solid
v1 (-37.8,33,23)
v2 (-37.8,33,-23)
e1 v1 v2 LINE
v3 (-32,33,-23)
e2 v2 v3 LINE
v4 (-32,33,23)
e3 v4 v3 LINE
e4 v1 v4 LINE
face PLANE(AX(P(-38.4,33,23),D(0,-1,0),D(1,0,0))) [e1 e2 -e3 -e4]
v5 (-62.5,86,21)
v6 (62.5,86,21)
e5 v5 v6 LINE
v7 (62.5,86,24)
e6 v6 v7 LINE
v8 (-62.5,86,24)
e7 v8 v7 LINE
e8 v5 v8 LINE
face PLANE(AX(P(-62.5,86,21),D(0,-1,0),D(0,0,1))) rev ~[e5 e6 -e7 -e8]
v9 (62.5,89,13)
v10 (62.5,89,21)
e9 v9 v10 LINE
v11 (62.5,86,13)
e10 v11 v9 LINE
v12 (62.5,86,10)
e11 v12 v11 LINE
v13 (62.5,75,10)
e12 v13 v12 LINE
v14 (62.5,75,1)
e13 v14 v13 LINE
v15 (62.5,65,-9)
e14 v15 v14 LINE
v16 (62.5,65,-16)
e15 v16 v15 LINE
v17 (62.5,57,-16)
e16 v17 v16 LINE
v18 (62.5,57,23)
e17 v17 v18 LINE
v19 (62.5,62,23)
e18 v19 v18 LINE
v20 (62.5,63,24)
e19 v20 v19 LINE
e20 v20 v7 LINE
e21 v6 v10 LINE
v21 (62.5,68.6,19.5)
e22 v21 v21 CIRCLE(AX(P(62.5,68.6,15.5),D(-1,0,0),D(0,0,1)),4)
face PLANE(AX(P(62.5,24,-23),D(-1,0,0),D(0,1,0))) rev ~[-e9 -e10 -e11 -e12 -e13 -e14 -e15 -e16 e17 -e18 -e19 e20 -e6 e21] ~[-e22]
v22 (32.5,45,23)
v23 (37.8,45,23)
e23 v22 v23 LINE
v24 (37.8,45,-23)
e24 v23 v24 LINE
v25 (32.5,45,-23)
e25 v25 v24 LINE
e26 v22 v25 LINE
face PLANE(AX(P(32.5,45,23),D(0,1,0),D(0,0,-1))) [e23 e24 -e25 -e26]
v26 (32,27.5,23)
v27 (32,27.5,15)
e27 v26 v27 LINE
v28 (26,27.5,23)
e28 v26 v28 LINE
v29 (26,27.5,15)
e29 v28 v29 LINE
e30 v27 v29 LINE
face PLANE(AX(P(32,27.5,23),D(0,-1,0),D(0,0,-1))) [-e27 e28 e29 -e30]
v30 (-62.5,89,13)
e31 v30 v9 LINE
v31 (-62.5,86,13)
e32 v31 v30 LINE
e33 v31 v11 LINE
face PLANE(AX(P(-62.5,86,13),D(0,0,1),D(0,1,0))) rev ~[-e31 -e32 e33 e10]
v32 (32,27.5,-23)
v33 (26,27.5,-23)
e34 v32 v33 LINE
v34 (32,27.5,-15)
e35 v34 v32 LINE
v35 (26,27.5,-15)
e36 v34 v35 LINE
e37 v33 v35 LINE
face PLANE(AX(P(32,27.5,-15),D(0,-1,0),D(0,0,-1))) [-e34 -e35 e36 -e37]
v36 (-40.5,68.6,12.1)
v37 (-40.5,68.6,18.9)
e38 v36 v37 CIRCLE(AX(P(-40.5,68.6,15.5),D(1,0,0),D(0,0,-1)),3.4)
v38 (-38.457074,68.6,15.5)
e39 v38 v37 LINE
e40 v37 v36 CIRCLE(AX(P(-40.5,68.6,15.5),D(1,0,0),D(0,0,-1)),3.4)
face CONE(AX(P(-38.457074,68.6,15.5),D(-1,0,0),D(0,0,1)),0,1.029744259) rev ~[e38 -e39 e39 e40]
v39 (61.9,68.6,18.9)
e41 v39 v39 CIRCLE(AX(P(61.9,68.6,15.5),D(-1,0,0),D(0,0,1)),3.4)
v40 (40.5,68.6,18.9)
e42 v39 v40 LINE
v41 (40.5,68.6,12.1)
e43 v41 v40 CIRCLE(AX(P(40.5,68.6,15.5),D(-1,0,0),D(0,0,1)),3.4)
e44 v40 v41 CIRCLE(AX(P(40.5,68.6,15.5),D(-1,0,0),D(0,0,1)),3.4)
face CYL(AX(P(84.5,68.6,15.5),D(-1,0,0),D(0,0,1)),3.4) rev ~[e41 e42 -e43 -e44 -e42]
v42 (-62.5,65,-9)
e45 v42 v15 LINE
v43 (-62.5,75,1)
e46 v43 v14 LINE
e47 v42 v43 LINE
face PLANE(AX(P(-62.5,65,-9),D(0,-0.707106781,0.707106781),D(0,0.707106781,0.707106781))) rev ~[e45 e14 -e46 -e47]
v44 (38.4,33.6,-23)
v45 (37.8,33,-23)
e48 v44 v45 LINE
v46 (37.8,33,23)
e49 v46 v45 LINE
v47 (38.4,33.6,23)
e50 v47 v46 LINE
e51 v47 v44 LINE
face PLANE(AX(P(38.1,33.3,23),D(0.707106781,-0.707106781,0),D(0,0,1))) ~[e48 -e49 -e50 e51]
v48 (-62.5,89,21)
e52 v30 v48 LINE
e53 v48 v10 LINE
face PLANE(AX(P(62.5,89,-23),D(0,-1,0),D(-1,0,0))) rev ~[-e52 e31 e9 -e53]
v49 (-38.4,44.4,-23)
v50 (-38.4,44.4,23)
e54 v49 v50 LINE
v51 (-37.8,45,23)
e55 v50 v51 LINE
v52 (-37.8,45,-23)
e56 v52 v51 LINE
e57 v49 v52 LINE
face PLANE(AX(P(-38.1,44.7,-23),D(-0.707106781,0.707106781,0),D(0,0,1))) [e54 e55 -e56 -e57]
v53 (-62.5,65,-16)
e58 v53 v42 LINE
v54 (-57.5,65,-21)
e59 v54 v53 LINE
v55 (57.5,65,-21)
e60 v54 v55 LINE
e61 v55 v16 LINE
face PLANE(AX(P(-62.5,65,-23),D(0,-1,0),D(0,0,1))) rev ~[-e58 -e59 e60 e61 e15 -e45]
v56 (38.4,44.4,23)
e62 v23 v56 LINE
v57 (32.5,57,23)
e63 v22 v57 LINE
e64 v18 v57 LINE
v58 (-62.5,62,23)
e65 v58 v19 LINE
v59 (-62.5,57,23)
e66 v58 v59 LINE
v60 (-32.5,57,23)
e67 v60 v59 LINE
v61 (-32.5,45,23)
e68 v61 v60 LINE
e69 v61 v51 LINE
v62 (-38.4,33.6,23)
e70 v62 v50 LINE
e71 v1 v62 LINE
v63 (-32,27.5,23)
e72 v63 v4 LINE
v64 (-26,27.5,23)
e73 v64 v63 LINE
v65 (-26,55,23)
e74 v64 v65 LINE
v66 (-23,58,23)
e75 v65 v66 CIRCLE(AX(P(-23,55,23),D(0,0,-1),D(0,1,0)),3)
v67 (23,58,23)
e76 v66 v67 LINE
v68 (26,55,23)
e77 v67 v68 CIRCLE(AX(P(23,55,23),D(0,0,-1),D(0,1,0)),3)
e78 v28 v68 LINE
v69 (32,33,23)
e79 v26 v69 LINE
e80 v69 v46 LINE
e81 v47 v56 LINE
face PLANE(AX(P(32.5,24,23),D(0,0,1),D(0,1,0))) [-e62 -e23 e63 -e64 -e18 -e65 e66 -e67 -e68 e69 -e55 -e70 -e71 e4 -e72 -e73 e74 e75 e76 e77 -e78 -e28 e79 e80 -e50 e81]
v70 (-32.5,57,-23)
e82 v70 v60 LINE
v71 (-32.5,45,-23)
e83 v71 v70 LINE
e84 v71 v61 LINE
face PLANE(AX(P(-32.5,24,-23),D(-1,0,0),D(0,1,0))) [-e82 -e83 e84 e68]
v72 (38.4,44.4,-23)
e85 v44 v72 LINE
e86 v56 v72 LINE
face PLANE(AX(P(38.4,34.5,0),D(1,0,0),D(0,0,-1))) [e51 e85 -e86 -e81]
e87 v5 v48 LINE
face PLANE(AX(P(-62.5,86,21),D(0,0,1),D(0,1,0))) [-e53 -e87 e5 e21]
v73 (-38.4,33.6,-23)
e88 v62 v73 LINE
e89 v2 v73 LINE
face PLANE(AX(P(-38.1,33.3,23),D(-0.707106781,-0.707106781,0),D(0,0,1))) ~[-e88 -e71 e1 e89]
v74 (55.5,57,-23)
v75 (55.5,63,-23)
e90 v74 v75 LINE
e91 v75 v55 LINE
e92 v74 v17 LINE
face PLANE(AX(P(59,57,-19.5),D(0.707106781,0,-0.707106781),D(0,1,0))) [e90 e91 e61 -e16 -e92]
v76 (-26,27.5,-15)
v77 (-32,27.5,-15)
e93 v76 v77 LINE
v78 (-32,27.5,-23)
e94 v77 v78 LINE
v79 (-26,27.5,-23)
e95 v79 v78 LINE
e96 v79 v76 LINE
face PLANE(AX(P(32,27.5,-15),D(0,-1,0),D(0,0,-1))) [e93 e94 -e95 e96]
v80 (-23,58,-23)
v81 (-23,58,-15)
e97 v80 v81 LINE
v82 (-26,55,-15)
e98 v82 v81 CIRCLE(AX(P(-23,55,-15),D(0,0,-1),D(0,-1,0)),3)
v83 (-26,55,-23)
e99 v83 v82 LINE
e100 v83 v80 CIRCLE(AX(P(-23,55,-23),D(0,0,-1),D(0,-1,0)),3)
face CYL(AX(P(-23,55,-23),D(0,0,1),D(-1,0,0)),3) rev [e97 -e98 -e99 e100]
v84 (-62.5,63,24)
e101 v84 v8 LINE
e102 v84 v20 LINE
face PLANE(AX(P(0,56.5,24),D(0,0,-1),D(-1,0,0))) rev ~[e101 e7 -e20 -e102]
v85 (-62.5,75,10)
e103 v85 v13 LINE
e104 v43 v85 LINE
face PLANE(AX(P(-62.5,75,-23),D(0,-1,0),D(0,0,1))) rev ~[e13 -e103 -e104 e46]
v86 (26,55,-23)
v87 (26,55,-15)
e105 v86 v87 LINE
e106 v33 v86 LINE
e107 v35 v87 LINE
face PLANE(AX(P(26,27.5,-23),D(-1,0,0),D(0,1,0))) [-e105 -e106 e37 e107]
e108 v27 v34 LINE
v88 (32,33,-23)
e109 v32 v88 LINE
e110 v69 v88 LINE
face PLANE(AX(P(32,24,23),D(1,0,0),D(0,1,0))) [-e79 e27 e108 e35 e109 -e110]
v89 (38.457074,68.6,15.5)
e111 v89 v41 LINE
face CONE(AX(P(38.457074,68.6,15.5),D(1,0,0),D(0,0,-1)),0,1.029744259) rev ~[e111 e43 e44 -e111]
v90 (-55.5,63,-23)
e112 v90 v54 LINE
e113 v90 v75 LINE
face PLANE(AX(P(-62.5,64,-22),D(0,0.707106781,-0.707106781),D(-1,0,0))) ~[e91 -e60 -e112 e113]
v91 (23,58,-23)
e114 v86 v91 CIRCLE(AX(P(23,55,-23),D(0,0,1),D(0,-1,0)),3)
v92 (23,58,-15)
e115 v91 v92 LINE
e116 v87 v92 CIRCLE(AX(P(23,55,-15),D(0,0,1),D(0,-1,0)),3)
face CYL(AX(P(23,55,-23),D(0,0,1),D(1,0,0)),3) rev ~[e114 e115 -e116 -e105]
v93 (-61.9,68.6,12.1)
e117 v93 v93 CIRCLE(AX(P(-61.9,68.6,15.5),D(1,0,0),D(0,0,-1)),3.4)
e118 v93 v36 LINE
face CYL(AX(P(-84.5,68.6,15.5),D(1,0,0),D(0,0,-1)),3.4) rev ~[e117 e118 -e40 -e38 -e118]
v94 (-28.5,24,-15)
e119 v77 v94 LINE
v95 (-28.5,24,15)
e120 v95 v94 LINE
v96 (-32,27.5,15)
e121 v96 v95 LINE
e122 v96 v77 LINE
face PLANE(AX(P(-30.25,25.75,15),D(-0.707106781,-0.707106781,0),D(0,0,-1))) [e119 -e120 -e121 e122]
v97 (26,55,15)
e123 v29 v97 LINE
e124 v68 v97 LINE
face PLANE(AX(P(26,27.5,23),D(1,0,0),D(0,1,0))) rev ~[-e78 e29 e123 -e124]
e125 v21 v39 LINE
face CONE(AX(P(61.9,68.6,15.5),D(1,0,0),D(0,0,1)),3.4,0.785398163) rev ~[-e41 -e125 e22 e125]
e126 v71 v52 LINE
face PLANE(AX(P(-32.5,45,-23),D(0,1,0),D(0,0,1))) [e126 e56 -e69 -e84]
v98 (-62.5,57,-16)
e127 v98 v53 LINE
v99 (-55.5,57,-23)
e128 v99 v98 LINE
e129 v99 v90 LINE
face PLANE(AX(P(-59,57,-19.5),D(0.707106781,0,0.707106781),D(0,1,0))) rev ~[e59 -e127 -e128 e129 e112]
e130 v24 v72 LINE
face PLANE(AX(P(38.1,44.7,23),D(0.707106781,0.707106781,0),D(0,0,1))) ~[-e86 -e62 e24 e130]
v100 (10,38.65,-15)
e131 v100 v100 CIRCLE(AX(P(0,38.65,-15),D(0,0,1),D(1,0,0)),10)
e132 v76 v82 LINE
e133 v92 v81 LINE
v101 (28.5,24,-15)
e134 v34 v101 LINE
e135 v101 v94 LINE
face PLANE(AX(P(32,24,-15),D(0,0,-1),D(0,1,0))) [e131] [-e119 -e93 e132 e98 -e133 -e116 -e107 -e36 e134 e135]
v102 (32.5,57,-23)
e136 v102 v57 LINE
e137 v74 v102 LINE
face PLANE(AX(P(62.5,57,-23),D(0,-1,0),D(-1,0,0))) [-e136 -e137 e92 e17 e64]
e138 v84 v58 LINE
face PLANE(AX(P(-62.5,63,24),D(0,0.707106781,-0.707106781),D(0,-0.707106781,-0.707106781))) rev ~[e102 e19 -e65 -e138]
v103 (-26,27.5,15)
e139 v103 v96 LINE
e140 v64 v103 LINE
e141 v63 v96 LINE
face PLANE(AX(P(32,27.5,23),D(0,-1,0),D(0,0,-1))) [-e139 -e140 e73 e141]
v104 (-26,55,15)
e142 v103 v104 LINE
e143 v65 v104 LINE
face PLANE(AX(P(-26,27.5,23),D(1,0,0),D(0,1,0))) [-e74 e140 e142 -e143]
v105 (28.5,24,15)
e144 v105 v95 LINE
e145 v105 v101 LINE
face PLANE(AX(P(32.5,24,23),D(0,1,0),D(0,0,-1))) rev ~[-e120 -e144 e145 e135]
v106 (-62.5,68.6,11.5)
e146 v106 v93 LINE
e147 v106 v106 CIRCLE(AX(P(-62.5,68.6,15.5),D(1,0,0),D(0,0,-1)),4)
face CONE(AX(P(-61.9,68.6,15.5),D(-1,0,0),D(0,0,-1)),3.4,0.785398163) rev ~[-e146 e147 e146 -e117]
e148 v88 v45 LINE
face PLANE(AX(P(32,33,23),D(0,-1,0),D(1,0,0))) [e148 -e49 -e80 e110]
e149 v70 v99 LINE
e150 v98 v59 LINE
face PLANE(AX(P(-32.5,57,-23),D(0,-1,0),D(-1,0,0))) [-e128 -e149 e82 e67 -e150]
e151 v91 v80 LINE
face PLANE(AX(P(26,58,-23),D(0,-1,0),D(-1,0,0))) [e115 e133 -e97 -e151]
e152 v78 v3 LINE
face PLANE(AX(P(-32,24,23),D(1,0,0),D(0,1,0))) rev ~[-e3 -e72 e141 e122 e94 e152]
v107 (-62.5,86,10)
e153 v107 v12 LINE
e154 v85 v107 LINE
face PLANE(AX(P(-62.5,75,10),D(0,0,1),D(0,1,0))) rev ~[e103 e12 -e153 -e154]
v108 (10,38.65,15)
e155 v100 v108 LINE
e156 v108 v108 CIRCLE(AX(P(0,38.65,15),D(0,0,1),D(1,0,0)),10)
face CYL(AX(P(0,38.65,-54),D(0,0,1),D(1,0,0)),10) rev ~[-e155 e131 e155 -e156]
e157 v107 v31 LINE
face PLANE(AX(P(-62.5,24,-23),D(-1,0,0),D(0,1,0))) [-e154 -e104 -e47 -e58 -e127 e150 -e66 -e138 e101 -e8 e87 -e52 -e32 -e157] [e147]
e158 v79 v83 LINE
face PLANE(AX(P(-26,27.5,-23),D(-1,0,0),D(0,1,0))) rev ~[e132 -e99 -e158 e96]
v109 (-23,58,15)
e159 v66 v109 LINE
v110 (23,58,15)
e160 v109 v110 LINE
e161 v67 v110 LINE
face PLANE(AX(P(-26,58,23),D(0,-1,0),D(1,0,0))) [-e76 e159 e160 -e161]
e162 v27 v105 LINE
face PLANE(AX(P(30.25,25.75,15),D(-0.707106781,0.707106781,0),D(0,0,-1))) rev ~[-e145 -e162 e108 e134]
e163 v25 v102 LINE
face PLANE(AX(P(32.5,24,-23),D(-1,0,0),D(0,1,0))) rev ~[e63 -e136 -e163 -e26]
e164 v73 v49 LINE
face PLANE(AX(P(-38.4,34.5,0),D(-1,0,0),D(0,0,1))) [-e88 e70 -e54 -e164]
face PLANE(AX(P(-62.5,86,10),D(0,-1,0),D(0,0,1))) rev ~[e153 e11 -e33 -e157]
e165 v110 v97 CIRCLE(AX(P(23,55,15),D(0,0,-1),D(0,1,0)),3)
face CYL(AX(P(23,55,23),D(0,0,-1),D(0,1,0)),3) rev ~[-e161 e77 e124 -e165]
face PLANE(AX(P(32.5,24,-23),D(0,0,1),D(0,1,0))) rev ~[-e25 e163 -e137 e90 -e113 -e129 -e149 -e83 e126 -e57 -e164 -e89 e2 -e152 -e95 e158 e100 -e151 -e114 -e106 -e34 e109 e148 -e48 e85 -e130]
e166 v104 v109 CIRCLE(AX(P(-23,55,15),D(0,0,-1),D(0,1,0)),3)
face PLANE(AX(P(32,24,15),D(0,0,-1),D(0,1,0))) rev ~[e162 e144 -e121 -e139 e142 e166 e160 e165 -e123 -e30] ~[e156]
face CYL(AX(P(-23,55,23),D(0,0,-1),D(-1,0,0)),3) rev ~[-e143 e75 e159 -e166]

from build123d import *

# Parameters (mm, degrees)
SKETCH1_W                      = 125
SKETCH1_H                      = 65
BOSS_EXTRUDE1_DEPTH            = 47
CUT_EXTRUDE1_DEPTH             = 156.312588028
SKETCH3_W                      = 30
SKETCH3_H                      = 33
CUT_EXTRUDE2_DEPTH             = 119.474680839
SKETCH4_W                      = 46
SKETCH4_H                      = 21
BOSS_EXTRUDE2_DEPTH            = 5.9
SKETCH5_W                      = 30
SKETCH5_H                      = 33
CUT_EXTRUDE3_DEPTH             = 119.474680839
SKETCH6_W                      = 46
SKETCH6_H                      = 21
BOSS_EXTRUDE3_DEPTH            = 5.9
SKETCH7_W                      = 6.4
SKETCH7_H                      = 9
CUT_EXTRUDE4_DEPTH             = 119.081539624
SKETCH8_W                      = 6.4
SKETCH8_H                      = 9
CUT_EXTRUDE5_DEPTH             = 119.081539624
SKETCH9_W                      = 8
SKETCH9_H                      = 3.5
CUT_EXTRUDE6_DEPTH             = 133.012310032
SKETCH10_W                     = 52
SKETCH10_H                     = 30.5
CUT_EXTRUDE7_DEPTH             = 8
SKETCH11_W                     = 8
SKETCH11_H                     = 3.5
CUT_EXTRUDE8_DEPTH             = 133.012310032
SKETCH12_W                     = 52
SKETCH12_H                     = 30.5
CUT_EXTRUDE9_DEPTH             = 8
SKETCH13_W                     = 33
SKETCH13_H                     = 14
CUT_EXTRUDE10_DEPTH            = 156.312588028
CUT_EXTRUDE11_DEPTH            = 156.312588028
SKETCH15_W                     = 3
SKETCH15_H                     = 3
CUT_EXTRUDE12_DEPTH            = 156.312588028
SKETCH16_W                     = 3
SKETCH16_H                     = 3
CUT_EXTRUDE13_DEPTH            = 156.312588028
F_6_8_6_8_DIAMETER_HOLE1_D     = 6.8
F_6_8_6_8_DIAMETER_HOLE1_DEPTH = 22
F_6_8_6_8_DIAMETER_HOLE1_TIP   = 2.042926105
F_6_8_6_8_DIAMETER_HOLE2_D     = 6.8
F_6_8_6_8_DIAMETER_HOLE2_DEPTH = 22
F_6_8_6_8_DIAMETER_HOLE2_TIP   = 2.042926105
F_20_0_20_DIAMETER_HOLE1_D     = 20
F_20_0_20_DIAMETER_HOLE1_DEPTH = 39
CHAMFER1_SIZE                  = 0.6
CHAMFER2_SIZE                  = 2
CHAMFER3_SIZE                  = 3.5
CHAMFER4_SIZE                  = 7
FILLET1_R                      = 3


with BuildPart() as part:
    # Sketch1 → Boss-Extrude1 (new body)
    with BuildSketch(Plane(origin=(0, 0, -23), x_dir=(-1, 0, 0), z_dir=(0, 0, -1))):
        with Locations((0, 56.5)):
            Rectangle(SKETCH1_W, SKETCH1_H)
    extrude(amount=-BOSS_EXTRUDE1_DEPTH)

    # Sketch2 → Cut-Extrude1 (cut, through all)
    with BuildSketch(Plane.ZY.offset(62.5)):
        Polygon((24, 24), (24, 63), (23, 62), (23, 24), align=None)
    extrude(amount=-CUT_EXTRUDE1_DEPTH, mode=Mode.SUBTRACT)

    # Sketch3 → Cut-Extrude2 (cut, through all)
    with BuildSketch(Plane(origin=(0, 0, -23), x_dir=(-1, 0, 0), z_dir=(0, 0, -1))):
        with Locations((47.5, 40.5)):
            Rectangle(SKETCH3_W, SKETCH3_H)
    extrude(amount=-CUT_EXTRUDE2_DEPTH, mode=Mode.SUBTRACT)

    # Sketch4 → Boss-Extrude2 (add)
    with BuildSketch(Plane.ZY.offset(32.5)):
        with Locations((0, 34.5)):
            Rectangle(SKETCH4_W, SKETCH4_H)
    extrude(amount=BOSS_EXTRUDE2_DEPTH)

    # Sketch5 → Cut-Extrude3 (cut, through all)
    with BuildSketch(Plane(origin=(0, 0, -23), x_dir=(-1, 0, 0), z_dir=(0, 0, -1))):
        with Locations((-47.5, 40.5)):
            Rectangle(SKETCH5_W, SKETCH5_H)
    extrude(amount=-CUT_EXTRUDE3_DEPTH, mode=Mode.SUBTRACT)

    # Sketch6 → Boss-Extrude3 (add)
    with BuildSketch(Plane(origin=(32.5, 0, 0), x_dir=(0, 0, -1), z_dir=(1, 0, 0))):
        with Locations((0, 34.5)):
            Rectangle(SKETCH6_W, SKETCH6_H)
    extrude(amount=BOSS_EXTRUDE3_DEPTH)

    # Sketch7 → Cut-Extrude4 (cut, through all)
    with BuildSketch(Plane.XY.offset(23)):
        with Locations((35.2, 28.5)):
            Rectangle(SKETCH7_W, SKETCH7_H)
    extrude(amount=-CUT_EXTRUDE4_DEPTH, mode=Mode.SUBTRACT)

    # Sketch8 → Cut-Extrude5 (cut, through all)
    with BuildSketch(Plane.XY.offset(23)):
        with Locations((-35.2, 28.5)):
            Rectangle(SKETCH8_W, SKETCH8_H)
    extrude(amount=-CUT_EXTRUDE5_DEPTH, mode=Mode.SUBTRACT)

    # Sketch9 → Cut-Extrude6 (cut, through all)
    with BuildSketch(Plane(origin=(32, 0, 0), x_dir=(0, 0, -1), z_dir=(1, 0, 0))):
        with Locations((-19, 25.75)):
            Rectangle(SKETCH9_W, SKETCH9_H)
    extrude(amount=-CUT_EXTRUDE6_DEPTH, mode=Mode.SUBTRACT)

    # Sketch10 → Cut-Extrude7 (cut)
    with BuildSketch(Plane.XY.offset(23)):
        with Locations((0, 42.75)):
            Rectangle(SKETCH10_W, SKETCH10_H)
    extrude(amount=-CUT_EXTRUDE7_DEPTH, mode=Mode.SUBTRACT)

    # Sketch11 → Cut-Extrude8 (cut, through all)
    with BuildSketch(Plane(origin=(32, 0, 0), x_dir=(0, 0, -1), z_dir=(1, 0, 0))):
        with Locations((19, 25.75)):
            Rectangle(SKETCH11_W, SKETCH11_H)
    extrude(amount=-CUT_EXTRUDE8_DEPTH, mode=Mode.SUBTRACT)

    # Sketch12 → Cut-Extrude9 (cut)
    with BuildSketch(Plane(origin=(0, 0, -23), x_dir=(-1, 0, 0), z_dir=(0, 0, -1))):
        with Locations((0, 42.75)):
            Rectangle(SKETCH12_W, SKETCH12_H)
    extrude(amount=-CUT_EXTRUDE9_DEPTH, mode=Mode.SUBTRACT)

    # Sketch13 → Cut-Extrude10 (cut, through all)
    with BuildSketch(Plane.ZY.offset(62.5)):
        with Locations((-6.5, 82)):
            Rectangle(SKETCH13_W, SKETCH13_H)
    extrude(amount=-CUT_EXTRUDE10_DEPTH, mode=Mode.SUBTRACT)

    # Sketch14 → Cut-Extrude11 (cut, through all)
    with BuildSketch(Plane.ZY.offset(62.5)):
        Polygon((-23, 75), (-23, 65), (-9, 65), (1, 75), align=None)
    extrude(amount=-CUT_EXTRUDE11_DEPTH, mode=Mode.SUBTRACT)

    # Sketch15 → Cut-Extrude12 (cut, through all)
    with BuildSketch(Plane.ZY.offset(62.5)):
        with Locations((11.5, 87.5)):
            Rectangle(SKETCH15_W, SKETCH15_H)
    extrude(amount=-CUT_EXTRUDE12_DEPTH, mode=Mode.SUBTRACT)

    # Sketch16 → Cut-Extrude13 (cut, through all)
    with BuildSketch(Plane.ZY.offset(62.5)):
        with Locations((22.5, 87.5)):
            Rectangle(SKETCH16_W, SKETCH16_H)
    extrude(amount=-CUT_EXTRUDE13_DEPTH, mode=Mode.SUBTRACT)

    # Ø6.8 (6.8) Diameter Hole1
    with Locations(Plane.ZY.offset(62.5)):
        with Locations((15.5, 68.6)):
            Hole(F_6_8_6_8_DIAMETER_HOLE1_D / 2, depth=F_6_8_6_8_DIAMETER_HOLE1_DEPTH)
            with Locations((0, 0, -(F_6_8_6_8_DIAMETER_HOLE1_DEPTH + F_6_8_6_8_DIAMETER_HOLE1_TIP / 2))):  # 118° drill point
                Cone(0, F_6_8_6_8_DIAMETER_HOLE1_D / 2, F_6_8_6_8_DIAMETER_HOLE1_TIP, mode=Mode.SUBTRACT)

    # Ø6.8 (6.8) Diameter Hole2
    with Locations(Plane(origin=(62.5, 0, 0), x_dir=(0, 0, -1), z_dir=(1, 0, 0))):
        with Locations((-15.5, 68.6)):
            Hole(F_6_8_6_8_DIAMETER_HOLE2_D / 2, depth=F_6_8_6_8_DIAMETER_HOLE2_DEPTH)
            with Locations((0, 0, -(F_6_8_6_8_DIAMETER_HOLE2_DEPTH + F_6_8_6_8_DIAMETER_HOLE2_TIP / 2))):  # 118° drill point
                Cone(0, F_6_8_6_8_DIAMETER_HOLE2_D / 2, F_6_8_6_8_DIAMETER_HOLE2_TIP, mode=Mode.SUBTRACT)

    # Ø20.0 (20) Diameter Hole1
    with Locations(Plane(origin=(0, 0, -15), x_dir=(-1, 0, 0), z_dir=(0, 0, -1))):
        with Locations((0, 38.65)):
            Hole(F_20_0_20_DIAMETER_HOLE1_D / 2, depth=F_20_0_20_DIAMETER_HOLE1_DEPTH)

    # Chamfer1
    chamfer1_edges = [part.edges().sort_by_distance(p)[0] for p in [
        (38.4, 33, 0),
        (-38.4, 33, 0),
        (-62.5, 68.6, 18.9),
        (62.5, 68.6, 12.1),
        (-38.4, 45, 0),
        (38.4, 45, 0),
    ]]
    chamfer(chamfer1_edges, length=CHAMFER1_SIZE)

    # Chamfer2
    chamfer2_edges = [part.edges().sort_by_distance(p)[0] for p in [
        (0, 65, -23),
    ]]
    chamfer(chamfer2_edges, length=CHAMFER2_SIZE)

    # Chamfer3
    chamfer3_edges = [part.edges().sort_by_distance(p)[0] for p in [
        (32, 24, 0),
        (-32, 24, 0),
    ]]
    chamfer(chamfer3_edges, length=CHAMFER3_SIZE)

    # Chamfer4
    chamfer4_edges = [part.edges().sort_by_distance(p)[0] for p in [
        (-62.5, 60, -23),
        (62.5, 60, -23),
    ]]
    chamfer(chamfer4_edges, length=CHAMFER4_SIZE)

    # Fillet1
    fillet1_edges = [part.edges().sort_by_distance(p)[0] for p in [
        (-26, 58, 19),
        (26, 58, 19),
        (-26, 58, -19),
        (26, 58, -19),
    ]]
    fillet(fillet1_edges, radius=FILLET1_R)


solid = part.part
